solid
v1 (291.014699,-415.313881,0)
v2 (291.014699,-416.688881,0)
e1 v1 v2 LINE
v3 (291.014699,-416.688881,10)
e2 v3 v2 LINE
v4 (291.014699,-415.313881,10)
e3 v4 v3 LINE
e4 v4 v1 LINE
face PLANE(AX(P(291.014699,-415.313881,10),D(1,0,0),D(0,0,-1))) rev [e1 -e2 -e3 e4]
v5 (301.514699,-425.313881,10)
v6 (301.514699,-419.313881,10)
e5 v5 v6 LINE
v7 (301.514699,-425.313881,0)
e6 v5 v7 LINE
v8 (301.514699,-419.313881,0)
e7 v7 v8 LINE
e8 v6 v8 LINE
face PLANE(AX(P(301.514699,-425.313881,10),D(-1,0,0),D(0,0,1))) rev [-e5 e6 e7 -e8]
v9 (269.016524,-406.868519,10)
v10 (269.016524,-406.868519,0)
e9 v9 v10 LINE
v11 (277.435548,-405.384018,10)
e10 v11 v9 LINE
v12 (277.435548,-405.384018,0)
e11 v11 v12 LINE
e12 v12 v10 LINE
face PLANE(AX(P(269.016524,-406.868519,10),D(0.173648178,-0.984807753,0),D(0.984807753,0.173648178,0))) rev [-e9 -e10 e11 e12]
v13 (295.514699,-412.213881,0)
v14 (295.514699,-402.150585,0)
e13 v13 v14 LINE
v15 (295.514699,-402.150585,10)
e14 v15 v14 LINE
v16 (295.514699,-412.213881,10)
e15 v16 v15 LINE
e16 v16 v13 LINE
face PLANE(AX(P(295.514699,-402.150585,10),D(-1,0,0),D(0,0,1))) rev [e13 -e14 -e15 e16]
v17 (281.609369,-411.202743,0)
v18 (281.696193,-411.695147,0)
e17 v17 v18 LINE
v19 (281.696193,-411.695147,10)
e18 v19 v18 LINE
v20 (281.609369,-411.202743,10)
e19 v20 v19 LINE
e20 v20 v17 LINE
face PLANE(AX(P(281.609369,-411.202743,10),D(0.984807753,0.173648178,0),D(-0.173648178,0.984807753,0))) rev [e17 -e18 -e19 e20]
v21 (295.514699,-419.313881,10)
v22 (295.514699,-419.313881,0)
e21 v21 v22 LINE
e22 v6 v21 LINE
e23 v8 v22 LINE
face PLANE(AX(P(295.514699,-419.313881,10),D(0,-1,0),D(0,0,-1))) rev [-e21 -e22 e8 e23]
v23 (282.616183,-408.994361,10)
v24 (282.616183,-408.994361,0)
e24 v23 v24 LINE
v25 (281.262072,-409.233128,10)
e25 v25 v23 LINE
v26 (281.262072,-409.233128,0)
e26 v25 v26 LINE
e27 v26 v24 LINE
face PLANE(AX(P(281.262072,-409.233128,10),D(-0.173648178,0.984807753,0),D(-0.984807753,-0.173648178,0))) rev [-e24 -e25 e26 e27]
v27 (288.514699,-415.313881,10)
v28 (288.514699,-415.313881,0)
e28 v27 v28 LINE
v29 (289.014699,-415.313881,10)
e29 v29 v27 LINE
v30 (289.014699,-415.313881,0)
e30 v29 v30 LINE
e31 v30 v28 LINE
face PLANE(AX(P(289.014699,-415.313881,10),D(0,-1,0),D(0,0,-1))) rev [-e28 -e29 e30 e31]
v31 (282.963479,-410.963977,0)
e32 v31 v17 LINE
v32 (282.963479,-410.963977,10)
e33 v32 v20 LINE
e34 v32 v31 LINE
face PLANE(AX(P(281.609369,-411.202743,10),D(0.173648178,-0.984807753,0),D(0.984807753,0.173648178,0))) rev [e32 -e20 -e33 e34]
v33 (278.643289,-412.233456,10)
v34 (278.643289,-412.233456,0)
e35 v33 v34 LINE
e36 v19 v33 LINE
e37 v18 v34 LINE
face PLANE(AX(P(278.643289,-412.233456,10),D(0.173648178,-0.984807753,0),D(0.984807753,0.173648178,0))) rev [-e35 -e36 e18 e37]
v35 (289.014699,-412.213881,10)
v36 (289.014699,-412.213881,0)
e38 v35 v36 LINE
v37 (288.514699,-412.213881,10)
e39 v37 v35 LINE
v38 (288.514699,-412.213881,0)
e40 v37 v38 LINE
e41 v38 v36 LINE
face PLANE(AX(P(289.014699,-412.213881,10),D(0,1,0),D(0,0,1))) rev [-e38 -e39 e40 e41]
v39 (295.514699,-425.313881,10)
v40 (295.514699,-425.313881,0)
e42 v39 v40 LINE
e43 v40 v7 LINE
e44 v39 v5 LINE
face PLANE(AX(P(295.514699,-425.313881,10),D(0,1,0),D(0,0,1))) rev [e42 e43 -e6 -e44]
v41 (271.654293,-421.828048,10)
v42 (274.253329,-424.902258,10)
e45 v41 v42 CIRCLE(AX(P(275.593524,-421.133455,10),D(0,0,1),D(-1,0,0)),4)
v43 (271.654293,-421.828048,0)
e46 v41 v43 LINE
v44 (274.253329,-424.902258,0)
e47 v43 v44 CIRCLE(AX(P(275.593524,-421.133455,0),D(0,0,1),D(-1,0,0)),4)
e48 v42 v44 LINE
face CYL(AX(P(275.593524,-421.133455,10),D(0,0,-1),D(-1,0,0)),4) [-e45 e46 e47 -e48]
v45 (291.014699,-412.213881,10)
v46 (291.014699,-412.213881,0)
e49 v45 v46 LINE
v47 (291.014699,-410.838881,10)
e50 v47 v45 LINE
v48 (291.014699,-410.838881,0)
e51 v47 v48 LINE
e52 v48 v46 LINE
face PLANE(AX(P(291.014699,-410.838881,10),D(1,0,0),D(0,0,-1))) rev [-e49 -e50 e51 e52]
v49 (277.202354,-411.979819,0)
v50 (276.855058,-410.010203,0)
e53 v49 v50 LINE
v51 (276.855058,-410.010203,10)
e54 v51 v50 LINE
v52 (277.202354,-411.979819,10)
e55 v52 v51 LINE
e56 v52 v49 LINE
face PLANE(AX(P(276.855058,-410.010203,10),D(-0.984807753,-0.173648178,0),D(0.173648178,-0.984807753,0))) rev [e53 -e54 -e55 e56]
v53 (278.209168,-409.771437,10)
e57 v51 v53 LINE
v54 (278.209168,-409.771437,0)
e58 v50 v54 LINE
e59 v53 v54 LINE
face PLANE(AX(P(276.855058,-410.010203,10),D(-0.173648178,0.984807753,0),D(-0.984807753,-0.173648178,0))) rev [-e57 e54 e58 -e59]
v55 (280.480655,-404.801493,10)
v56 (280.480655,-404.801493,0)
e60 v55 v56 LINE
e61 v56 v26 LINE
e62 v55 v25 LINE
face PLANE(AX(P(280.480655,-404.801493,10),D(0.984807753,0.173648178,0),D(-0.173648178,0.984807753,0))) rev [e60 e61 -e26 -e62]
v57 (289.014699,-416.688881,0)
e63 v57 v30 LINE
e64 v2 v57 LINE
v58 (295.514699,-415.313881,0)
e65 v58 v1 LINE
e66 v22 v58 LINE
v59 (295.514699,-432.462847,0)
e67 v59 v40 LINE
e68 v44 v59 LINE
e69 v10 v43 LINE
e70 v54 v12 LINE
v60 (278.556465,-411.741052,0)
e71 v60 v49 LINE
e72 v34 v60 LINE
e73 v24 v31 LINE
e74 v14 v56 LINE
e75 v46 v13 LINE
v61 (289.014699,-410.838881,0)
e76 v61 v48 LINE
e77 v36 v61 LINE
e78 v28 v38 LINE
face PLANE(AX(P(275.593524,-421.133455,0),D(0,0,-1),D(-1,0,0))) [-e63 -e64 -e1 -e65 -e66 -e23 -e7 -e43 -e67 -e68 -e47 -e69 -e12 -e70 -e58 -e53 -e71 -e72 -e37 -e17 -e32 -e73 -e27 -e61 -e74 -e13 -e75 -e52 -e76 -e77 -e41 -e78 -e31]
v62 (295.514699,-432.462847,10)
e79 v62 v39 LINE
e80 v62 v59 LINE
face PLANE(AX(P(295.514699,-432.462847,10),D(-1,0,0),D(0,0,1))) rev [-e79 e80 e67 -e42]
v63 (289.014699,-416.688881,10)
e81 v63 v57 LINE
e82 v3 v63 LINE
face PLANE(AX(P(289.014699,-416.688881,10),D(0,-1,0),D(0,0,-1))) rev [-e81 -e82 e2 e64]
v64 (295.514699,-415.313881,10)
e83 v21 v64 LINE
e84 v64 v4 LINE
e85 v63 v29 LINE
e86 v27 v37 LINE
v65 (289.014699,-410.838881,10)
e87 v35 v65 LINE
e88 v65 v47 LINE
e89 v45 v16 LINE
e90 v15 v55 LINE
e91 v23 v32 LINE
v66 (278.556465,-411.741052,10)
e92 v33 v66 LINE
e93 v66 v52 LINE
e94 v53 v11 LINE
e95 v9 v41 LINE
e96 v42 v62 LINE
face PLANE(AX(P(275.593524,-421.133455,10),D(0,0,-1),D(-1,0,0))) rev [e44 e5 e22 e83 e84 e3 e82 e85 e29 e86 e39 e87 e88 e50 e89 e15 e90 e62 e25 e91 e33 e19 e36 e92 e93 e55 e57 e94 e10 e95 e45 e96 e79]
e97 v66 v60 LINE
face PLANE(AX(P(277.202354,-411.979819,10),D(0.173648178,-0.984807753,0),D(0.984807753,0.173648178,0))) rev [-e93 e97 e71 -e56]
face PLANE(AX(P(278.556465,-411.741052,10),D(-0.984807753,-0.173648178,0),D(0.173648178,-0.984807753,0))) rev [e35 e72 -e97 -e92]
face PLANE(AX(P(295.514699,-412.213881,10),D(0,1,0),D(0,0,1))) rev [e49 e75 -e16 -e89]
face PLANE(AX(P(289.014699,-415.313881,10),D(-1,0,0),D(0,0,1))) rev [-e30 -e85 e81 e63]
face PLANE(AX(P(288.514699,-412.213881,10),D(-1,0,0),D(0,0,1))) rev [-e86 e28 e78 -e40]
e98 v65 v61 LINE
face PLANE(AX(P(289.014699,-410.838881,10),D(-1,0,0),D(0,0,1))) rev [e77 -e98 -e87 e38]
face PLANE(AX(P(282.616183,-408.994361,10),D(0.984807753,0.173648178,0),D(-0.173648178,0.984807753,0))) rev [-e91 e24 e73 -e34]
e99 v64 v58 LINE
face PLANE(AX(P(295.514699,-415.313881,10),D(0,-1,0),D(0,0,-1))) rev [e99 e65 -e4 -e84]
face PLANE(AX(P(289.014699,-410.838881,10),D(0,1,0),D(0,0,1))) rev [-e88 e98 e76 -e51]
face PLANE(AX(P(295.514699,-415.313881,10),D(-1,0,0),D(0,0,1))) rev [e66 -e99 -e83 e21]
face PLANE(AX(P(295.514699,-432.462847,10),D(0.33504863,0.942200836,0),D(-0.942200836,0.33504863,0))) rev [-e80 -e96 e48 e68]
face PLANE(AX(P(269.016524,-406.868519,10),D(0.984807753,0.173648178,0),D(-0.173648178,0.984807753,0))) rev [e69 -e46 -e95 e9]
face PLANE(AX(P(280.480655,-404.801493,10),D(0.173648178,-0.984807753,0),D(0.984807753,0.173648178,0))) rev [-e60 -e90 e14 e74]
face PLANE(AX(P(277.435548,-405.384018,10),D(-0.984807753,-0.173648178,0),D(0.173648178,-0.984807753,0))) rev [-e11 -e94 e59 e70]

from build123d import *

# Parameters (mm, degrees)
DODANIE_WYCI_GNI_CIE1_DEPTH = 10


with BuildPart() as part:
    # Szkic1 → Dodanie-wyciągnięcie1 (new body)
    with BuildSketch(Plane.XY):
        with BuildLine():
            Line((269.016524324, -406.868519497), (271.654292788, -421.82804783))
            ThreePointArc((271.654292788, -421.82804783), (272.538891868, -423.715939148), (274.253329281, -424.902258464))
            Line((274.253329281, -424.902258464), (295.514699013, -432.462846953))
            Line((295.514699013, -432.462846953), (295.514699013, -425.313881279))
            Line((295.514699013, -425.313881279), (301.514699013, -425.313881279))
            Line((301.514699013, -425.313881279), (301.514699013, -419.313881279))
            Line((301.514699013, -419.313881279), (295.514699013, -419.313881279))
            Line((295.514699013, -419.313881279), (295.514699013, -415.313881279))
            Line((295.514699013, -415.313881279), (291.014699013, -415.313881279))
            Line((291.014699013, -415.313881279), (291.014699013, -416.688881279))
            Line((291.014699013, -416.688881279), (289.014699013, -416.688881279))
            Line((289.014699013, -416.688881279), (289.014699013, -415.313881279))
            Line((289.014699013, -415.313881279), (288.514699013, -415.313881279))
            Line((288.514699013, -415.313881279), (288.514699013, -412.213881279))
            Line((288.514699013, -412.213881279), (289.014699013, -412.213881279))
            Line((289.014699013, -412.213881279), (289.014699013, -410.838881279))
            Line((289.014699013, -410.838881279), (291.014699013, -410.838881279))
            Line((291.014699013, -410.838881279), (291.014699013, -412.213881279))
            Line((291.014699013, -412.213881279), (295.514699013, -412.213881279))
            Line((295.514699013, -412.213881279), (295.514699013, -402.150585233))
            Line((295.514699013, -402.150585233), (280.48065548, -404.801492737))
            Line((280.48065548, -404.801492737), (281.26207228, -409.233127626))
            Line((281.26207228, -409.233127626), (282.61618294, -408.994361382))
            Line((282.61618294, -408.994361382), (282.963479295, -410.963976888))
            Line((282.963479295, -410.963976888), (281.609368635, -411.202743132))
            Line((281.609368635, -411.202743132), (281.696192724, -411.695147008))
            Line((281.696192724, -411.695147008), (278.64328869, -412.233456359))
            Line((278.64328869, -412.233456359), (278.556464601, -411.741052483))
            Line((278.556464601, -411.741052483), (277.20235394, -411.979818727))
            Line((277.20235394, -411.979818727), (276.855057585, -410.010203221))
            Line((276.855057585, -410.010203221), (278.209168245, -409.771436977))
            Line((278.209168245, -409.771436977), (277.435547988, -405.384018473))
            Line((277.435547988, -405.384018473), (269.016524324, -406.868519497))
        make_face()
    extrude(amount=DODANIE_WYCI_GNI_CIE1_DEPTH)


solid = part.part
